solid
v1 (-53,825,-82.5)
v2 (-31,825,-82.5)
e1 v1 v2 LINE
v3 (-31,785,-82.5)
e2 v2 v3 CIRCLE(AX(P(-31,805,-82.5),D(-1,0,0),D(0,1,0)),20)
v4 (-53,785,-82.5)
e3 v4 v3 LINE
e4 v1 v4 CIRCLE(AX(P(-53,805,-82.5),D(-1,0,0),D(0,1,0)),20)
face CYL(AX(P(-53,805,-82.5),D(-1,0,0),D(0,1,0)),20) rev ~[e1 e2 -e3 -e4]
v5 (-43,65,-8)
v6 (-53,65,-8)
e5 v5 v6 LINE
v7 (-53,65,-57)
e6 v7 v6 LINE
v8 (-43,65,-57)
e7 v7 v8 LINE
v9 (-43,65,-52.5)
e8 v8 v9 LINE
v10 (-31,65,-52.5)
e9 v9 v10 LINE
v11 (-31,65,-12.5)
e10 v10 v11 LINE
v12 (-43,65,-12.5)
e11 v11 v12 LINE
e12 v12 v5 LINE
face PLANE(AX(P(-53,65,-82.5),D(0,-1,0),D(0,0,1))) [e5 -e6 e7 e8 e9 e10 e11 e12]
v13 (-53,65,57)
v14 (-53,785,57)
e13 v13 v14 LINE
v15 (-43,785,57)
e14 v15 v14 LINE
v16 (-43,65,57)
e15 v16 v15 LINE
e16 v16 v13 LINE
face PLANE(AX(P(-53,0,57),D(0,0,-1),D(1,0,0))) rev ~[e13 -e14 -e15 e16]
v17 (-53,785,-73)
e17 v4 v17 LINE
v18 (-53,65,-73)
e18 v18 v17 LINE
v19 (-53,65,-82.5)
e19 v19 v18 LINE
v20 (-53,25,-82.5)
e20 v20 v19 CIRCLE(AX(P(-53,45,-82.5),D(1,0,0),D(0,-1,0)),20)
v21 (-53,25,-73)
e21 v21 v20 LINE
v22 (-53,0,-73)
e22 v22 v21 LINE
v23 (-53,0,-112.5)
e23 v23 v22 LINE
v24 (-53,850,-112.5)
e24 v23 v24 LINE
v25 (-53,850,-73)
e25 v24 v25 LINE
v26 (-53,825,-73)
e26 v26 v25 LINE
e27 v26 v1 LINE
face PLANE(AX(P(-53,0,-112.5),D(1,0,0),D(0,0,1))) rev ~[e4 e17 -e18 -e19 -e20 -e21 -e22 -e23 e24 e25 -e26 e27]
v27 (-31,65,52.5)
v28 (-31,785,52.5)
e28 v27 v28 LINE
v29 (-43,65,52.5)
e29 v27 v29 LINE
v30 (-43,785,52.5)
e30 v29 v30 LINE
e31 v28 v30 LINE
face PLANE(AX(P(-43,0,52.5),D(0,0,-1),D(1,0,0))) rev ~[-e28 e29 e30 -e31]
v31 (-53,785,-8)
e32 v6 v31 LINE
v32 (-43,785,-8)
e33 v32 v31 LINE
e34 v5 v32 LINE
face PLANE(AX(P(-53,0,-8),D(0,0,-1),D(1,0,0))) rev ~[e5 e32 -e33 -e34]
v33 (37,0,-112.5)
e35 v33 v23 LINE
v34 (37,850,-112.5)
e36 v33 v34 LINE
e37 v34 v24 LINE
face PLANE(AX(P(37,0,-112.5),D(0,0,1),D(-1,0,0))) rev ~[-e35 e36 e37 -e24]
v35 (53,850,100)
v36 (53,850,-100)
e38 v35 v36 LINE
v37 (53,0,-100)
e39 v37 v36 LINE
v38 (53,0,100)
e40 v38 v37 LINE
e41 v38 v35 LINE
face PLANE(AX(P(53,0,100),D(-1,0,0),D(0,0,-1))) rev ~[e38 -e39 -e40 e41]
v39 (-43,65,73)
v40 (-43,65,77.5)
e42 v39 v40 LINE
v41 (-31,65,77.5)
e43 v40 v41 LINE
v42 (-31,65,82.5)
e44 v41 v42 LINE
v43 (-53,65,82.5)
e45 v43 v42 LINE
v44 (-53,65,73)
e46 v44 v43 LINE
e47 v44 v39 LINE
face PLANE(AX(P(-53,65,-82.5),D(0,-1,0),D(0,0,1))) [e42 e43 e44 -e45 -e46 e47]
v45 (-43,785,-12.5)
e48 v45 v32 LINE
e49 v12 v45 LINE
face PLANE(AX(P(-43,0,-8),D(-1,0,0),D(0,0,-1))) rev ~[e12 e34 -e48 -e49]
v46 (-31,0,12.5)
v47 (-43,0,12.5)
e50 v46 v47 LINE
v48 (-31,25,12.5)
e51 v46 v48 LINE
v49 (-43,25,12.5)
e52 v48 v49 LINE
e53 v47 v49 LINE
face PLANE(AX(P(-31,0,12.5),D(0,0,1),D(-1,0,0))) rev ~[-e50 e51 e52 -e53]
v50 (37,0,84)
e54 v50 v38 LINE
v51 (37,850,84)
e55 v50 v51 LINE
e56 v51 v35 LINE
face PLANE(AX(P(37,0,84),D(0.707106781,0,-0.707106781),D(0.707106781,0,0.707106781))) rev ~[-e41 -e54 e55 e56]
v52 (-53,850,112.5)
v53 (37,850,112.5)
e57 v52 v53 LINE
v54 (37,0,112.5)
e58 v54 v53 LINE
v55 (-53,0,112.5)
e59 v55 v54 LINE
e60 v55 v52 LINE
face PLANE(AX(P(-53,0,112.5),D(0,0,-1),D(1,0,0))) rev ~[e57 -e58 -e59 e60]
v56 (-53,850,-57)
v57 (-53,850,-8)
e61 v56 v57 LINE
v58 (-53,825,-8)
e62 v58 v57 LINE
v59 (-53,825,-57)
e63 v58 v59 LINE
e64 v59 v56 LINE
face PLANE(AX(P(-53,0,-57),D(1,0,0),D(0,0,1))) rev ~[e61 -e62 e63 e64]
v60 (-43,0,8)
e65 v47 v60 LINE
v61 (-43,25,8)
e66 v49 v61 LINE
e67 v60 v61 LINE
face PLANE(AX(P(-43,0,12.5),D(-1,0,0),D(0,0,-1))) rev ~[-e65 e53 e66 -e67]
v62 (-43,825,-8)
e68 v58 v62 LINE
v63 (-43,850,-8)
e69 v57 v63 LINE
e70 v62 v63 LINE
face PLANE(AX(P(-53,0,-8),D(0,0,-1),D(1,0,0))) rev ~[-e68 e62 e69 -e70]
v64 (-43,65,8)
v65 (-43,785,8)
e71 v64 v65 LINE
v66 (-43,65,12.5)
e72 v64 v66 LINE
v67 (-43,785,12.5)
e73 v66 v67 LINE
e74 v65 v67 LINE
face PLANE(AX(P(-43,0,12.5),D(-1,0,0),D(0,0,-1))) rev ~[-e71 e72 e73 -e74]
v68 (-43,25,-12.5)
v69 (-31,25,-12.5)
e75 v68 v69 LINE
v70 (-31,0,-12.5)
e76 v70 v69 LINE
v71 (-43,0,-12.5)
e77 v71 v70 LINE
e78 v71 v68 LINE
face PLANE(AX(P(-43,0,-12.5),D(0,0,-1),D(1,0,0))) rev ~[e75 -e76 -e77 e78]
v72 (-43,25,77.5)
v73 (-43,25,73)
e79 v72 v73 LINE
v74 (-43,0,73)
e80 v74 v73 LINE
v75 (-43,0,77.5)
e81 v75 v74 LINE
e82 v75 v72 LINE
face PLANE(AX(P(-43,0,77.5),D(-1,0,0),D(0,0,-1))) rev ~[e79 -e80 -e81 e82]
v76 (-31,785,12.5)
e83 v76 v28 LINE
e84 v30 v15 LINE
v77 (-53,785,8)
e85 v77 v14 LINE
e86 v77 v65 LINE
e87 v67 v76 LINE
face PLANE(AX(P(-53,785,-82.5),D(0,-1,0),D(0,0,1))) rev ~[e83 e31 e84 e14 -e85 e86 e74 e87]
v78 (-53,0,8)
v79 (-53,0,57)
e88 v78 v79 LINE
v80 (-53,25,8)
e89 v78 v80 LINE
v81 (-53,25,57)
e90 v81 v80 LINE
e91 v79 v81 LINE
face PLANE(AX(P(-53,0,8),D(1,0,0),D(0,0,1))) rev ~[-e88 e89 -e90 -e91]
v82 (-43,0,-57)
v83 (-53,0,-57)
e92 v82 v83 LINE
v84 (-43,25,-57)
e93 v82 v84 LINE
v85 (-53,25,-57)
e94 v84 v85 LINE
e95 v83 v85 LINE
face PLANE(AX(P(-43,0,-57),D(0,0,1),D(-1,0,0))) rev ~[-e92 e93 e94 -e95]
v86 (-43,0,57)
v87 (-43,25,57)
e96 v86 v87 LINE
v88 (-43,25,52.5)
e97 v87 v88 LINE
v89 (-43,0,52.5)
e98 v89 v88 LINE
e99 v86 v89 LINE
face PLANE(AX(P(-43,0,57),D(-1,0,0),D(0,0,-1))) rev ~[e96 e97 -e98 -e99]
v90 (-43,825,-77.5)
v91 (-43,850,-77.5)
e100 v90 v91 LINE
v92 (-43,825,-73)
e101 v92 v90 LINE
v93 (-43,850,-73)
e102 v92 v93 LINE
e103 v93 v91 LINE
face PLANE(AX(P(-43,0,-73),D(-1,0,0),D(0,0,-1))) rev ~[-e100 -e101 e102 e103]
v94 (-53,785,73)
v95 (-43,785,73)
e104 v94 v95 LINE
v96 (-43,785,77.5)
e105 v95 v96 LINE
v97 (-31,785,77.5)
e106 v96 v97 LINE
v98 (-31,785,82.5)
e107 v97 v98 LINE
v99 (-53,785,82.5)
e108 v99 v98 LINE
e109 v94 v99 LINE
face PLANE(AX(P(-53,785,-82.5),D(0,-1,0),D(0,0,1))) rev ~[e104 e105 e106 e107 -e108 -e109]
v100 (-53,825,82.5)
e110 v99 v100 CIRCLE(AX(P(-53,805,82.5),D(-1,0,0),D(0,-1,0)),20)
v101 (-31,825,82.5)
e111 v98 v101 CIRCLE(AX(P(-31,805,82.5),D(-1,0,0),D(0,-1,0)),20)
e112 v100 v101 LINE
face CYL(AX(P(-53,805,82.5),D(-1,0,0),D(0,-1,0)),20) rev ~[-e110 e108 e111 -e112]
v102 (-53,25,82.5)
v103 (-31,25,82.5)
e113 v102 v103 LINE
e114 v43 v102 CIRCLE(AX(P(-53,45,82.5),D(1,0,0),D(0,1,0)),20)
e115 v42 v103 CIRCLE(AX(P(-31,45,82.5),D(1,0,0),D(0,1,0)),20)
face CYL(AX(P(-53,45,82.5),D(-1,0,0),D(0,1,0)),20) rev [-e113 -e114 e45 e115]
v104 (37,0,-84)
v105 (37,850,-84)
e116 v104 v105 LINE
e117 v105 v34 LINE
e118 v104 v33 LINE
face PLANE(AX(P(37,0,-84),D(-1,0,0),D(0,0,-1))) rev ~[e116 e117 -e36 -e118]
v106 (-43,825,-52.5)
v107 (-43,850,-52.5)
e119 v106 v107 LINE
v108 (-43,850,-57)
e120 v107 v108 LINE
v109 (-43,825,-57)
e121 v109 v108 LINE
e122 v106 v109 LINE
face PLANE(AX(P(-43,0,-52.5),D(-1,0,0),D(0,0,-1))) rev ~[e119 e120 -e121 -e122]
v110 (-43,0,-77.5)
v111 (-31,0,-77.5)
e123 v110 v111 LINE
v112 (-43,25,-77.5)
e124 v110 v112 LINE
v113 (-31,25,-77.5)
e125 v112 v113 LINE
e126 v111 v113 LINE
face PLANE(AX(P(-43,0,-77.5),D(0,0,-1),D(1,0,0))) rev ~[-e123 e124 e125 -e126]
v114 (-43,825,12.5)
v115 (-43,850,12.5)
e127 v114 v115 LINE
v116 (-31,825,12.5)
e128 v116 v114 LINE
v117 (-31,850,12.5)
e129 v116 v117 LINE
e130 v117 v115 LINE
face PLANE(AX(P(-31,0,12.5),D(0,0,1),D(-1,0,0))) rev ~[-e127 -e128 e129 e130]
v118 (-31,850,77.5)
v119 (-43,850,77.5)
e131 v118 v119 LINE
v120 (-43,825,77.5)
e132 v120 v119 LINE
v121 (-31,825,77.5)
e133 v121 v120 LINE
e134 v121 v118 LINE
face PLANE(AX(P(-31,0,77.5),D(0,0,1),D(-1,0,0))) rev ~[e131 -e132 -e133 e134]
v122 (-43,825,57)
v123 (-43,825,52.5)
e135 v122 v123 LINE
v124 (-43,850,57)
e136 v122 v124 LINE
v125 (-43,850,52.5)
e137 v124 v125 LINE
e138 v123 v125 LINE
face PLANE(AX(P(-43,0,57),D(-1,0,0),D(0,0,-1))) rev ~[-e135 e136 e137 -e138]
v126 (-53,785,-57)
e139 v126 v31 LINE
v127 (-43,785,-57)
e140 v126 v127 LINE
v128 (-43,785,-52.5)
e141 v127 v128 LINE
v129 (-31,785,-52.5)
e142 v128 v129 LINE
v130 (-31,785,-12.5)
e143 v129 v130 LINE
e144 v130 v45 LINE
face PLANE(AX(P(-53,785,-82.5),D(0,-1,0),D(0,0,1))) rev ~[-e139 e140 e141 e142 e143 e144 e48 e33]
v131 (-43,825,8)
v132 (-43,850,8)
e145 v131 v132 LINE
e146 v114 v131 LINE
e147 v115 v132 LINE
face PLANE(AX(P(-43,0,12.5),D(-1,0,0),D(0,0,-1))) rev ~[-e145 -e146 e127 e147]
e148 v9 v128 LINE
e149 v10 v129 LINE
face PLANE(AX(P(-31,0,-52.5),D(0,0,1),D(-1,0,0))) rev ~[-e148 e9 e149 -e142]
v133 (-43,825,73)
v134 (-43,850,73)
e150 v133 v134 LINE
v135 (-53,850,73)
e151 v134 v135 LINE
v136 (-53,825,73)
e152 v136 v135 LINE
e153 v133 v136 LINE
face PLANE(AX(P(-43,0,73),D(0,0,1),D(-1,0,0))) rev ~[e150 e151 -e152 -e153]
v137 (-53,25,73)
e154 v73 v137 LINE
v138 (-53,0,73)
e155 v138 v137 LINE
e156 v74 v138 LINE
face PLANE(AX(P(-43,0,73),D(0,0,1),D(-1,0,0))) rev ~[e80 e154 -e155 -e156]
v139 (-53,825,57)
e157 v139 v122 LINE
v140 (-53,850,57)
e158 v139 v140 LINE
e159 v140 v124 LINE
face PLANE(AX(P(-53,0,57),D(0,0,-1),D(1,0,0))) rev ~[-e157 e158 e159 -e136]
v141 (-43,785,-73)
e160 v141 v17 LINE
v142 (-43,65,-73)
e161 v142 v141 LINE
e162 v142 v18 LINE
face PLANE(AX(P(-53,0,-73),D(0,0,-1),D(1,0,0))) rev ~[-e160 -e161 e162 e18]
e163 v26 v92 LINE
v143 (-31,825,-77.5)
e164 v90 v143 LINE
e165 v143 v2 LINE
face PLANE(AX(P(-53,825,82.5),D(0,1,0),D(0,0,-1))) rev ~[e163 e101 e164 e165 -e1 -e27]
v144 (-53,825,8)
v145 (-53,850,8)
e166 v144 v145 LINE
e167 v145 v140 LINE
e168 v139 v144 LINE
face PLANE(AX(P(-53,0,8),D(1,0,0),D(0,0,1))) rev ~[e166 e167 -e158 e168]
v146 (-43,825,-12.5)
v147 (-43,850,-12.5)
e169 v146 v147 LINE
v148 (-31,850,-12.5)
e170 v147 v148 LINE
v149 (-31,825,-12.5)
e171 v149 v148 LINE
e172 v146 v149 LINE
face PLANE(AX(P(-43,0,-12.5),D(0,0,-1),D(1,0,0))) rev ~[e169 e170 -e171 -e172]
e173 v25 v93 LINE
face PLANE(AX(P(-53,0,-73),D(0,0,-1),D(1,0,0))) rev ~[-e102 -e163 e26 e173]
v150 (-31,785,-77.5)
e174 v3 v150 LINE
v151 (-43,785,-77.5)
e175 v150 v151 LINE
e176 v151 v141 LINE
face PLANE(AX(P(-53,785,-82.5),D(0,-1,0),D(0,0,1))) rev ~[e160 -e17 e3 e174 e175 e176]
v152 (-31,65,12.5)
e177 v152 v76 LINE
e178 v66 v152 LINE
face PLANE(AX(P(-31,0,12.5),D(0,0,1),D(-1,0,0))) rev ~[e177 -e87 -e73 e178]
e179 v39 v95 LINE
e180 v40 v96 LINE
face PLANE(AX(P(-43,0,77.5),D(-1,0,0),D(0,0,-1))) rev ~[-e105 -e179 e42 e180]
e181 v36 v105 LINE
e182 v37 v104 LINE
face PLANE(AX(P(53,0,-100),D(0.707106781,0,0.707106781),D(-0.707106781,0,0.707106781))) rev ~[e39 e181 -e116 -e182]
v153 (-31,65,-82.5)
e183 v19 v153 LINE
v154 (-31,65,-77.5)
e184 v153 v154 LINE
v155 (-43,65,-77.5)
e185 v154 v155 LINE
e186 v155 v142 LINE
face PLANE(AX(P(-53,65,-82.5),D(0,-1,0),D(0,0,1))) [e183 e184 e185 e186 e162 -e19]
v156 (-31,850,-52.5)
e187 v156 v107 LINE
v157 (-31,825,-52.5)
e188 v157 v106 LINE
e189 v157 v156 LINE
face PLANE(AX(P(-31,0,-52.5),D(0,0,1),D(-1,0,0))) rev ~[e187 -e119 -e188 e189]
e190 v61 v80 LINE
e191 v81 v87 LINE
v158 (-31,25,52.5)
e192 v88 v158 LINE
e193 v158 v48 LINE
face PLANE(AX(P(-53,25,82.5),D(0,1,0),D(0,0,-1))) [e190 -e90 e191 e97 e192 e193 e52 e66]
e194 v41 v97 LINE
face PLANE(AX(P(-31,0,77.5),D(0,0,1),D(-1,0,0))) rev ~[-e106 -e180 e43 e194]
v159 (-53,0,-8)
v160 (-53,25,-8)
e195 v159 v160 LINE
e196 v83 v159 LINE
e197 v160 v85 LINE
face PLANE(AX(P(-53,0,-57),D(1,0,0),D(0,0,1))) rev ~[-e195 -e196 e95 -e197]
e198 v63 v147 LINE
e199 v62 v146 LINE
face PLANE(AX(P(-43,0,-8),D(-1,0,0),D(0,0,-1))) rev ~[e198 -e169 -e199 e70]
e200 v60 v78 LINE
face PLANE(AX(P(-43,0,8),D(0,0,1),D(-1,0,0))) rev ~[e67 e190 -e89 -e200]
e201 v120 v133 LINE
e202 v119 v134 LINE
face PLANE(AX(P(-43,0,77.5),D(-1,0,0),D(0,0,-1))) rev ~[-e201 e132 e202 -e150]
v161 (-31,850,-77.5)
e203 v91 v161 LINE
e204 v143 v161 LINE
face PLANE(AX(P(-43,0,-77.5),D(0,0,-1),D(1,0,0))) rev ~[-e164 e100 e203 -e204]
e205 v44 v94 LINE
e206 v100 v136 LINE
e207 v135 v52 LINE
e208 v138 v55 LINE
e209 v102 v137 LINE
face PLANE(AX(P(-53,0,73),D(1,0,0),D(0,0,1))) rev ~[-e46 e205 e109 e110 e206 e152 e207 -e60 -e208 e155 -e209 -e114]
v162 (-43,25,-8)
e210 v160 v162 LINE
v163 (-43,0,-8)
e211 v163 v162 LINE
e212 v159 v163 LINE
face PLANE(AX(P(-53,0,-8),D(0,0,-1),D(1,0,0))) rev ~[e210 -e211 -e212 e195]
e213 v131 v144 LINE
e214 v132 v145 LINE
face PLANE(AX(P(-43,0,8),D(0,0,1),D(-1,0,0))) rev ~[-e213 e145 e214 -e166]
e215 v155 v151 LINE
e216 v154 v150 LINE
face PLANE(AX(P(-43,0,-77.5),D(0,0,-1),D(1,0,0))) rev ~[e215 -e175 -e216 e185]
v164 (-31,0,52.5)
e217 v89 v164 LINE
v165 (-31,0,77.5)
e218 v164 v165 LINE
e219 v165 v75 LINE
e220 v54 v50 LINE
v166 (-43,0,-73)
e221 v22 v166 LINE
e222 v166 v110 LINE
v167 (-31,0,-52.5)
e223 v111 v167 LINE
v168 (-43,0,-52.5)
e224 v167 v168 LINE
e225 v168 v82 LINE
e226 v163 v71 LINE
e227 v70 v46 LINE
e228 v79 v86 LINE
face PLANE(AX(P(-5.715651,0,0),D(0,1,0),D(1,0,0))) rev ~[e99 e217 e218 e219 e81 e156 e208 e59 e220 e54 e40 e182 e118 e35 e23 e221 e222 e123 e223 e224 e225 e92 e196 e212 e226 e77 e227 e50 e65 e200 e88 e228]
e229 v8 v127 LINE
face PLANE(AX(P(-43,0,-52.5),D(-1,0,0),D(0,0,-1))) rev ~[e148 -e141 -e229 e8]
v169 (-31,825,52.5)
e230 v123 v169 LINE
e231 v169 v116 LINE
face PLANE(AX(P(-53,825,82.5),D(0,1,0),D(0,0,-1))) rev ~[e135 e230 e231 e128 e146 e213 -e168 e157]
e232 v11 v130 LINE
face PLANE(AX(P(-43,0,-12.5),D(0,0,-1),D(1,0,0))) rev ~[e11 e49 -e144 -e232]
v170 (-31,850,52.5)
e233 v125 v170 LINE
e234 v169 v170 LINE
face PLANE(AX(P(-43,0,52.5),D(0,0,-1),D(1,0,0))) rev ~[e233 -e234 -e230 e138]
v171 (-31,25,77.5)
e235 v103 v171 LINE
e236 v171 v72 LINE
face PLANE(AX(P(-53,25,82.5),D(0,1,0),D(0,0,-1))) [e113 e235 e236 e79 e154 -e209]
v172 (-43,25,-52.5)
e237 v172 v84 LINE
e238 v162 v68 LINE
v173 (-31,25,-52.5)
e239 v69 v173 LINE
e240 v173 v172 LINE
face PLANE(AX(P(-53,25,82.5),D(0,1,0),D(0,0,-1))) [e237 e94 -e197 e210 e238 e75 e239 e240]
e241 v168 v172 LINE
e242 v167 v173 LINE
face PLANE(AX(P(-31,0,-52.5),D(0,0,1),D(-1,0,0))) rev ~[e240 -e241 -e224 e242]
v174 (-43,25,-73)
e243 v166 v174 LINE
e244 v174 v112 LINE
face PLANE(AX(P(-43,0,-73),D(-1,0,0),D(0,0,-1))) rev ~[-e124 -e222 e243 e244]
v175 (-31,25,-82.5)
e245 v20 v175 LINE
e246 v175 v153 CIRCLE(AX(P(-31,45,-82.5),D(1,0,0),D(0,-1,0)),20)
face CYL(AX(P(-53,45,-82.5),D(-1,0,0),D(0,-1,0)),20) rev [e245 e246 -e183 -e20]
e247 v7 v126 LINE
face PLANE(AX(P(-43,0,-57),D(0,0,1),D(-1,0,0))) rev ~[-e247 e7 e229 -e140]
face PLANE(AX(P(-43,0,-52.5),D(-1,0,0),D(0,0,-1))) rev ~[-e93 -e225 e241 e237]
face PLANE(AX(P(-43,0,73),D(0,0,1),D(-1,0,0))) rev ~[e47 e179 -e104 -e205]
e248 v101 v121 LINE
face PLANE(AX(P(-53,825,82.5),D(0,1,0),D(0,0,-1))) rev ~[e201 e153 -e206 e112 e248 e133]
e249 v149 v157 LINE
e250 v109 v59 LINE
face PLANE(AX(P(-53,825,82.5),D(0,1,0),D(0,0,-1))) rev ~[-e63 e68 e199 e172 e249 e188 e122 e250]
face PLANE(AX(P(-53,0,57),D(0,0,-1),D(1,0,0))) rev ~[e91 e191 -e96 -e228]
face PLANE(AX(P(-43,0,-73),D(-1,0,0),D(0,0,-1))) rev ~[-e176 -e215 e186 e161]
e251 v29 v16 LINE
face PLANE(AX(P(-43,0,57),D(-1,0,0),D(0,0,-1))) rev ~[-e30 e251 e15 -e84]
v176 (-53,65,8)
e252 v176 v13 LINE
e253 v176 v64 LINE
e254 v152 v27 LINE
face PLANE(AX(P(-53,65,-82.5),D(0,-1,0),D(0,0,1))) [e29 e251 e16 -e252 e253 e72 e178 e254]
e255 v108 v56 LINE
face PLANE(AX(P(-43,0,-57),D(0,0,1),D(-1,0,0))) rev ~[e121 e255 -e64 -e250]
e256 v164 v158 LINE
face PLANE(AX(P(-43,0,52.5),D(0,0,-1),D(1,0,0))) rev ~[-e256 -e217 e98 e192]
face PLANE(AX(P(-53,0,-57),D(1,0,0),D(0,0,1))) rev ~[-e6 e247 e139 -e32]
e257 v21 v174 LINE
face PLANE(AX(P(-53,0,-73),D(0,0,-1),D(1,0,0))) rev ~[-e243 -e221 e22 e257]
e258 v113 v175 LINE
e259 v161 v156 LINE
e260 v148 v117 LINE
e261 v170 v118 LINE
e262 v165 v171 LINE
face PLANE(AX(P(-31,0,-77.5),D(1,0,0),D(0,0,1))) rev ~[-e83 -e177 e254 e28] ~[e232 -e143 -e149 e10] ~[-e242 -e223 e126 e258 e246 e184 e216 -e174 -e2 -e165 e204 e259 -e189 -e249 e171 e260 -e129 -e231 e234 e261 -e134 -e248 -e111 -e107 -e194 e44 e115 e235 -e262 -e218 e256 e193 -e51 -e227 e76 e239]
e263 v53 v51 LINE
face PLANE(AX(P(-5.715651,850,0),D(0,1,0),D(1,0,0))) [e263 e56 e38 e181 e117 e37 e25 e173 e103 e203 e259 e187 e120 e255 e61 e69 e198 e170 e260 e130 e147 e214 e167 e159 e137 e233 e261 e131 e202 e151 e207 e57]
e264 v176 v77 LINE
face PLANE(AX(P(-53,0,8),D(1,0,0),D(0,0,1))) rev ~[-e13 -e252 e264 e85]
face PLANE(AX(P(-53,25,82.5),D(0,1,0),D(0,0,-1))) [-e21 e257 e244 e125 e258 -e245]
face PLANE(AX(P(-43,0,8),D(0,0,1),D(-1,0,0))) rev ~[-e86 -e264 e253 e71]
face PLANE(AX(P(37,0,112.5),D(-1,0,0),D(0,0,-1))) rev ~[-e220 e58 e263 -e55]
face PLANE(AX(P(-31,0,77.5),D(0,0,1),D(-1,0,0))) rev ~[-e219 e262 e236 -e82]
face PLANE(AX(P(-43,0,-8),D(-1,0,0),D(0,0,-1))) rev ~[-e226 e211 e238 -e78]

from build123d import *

# Parameters (mm, degrees)
BOSS_EXTRUDE1_DEPTH = 850
CUT_EXTRUDE1_DEPTH  = 22


with BuildPart() as part:
    # Sketch1 → Boss-Extrude1 (new body)
    with BuildSketch(Plane(origin=(0, 0, 0), x_dir=(1, 0, 0), z_dir=(0, 1, 0))):
        Polygon((-53, -73), (-53, -112.5), (37, -112.5), (37, -84), (53, -100), (53, 100), (37, 84), (37, 112.5), (-53, 112.5), (-53, 73), (-43, 73), (-43, 77.5), (-31, 77.5), (-31, 52.5), (-43, 52.5), (-43, 57), (-53, 57), (-53, 8), (-43, 8), (-43, 12.5), (-31, 12.5), (-31, -12.5), (-43, -12.5), (-43, -8), (-53, -8), (-53, -57), (-43, -57), (-43, -52.5), (-31, -52.5), (-31, -77.5), (-43, -77.5), (-43, -73), align=None)
    extrude(amount=BOSS_EXTRUDE1_DEPTH)

    # Sketch2 → Cut-Extrude1 (cut)
    with BuildSketch(Plane.ZY.offset(53)):
        with BuildLine():
            Line((-82.5, 65), (82.5, 65))
            ThreePointArc((82.5, 65), (102.5, 45), (82.5, 25))
            Line((82.5, 25), (-82.5, 25))
            ThreePointArc((-82.5, 25), (-102.5, 45), (-82.5, 65))
        make_face()
        with BuildLine():
            Line((-82.5, 785), (82.5, 785))
            ThreePointArc((82.5, 785), (102.5, 805), (82.5, 825))
            Line((82.5, 825), (-82.5, 825))
            ThreePointArc((-82.5, 825), (-102.5, 805), (-82.5, 785))
        make_face()
    extrude(amount=-CUT_EXTRUDE1_DEPTH, mode=Mode.SUBTRACT)


solid = part.part
